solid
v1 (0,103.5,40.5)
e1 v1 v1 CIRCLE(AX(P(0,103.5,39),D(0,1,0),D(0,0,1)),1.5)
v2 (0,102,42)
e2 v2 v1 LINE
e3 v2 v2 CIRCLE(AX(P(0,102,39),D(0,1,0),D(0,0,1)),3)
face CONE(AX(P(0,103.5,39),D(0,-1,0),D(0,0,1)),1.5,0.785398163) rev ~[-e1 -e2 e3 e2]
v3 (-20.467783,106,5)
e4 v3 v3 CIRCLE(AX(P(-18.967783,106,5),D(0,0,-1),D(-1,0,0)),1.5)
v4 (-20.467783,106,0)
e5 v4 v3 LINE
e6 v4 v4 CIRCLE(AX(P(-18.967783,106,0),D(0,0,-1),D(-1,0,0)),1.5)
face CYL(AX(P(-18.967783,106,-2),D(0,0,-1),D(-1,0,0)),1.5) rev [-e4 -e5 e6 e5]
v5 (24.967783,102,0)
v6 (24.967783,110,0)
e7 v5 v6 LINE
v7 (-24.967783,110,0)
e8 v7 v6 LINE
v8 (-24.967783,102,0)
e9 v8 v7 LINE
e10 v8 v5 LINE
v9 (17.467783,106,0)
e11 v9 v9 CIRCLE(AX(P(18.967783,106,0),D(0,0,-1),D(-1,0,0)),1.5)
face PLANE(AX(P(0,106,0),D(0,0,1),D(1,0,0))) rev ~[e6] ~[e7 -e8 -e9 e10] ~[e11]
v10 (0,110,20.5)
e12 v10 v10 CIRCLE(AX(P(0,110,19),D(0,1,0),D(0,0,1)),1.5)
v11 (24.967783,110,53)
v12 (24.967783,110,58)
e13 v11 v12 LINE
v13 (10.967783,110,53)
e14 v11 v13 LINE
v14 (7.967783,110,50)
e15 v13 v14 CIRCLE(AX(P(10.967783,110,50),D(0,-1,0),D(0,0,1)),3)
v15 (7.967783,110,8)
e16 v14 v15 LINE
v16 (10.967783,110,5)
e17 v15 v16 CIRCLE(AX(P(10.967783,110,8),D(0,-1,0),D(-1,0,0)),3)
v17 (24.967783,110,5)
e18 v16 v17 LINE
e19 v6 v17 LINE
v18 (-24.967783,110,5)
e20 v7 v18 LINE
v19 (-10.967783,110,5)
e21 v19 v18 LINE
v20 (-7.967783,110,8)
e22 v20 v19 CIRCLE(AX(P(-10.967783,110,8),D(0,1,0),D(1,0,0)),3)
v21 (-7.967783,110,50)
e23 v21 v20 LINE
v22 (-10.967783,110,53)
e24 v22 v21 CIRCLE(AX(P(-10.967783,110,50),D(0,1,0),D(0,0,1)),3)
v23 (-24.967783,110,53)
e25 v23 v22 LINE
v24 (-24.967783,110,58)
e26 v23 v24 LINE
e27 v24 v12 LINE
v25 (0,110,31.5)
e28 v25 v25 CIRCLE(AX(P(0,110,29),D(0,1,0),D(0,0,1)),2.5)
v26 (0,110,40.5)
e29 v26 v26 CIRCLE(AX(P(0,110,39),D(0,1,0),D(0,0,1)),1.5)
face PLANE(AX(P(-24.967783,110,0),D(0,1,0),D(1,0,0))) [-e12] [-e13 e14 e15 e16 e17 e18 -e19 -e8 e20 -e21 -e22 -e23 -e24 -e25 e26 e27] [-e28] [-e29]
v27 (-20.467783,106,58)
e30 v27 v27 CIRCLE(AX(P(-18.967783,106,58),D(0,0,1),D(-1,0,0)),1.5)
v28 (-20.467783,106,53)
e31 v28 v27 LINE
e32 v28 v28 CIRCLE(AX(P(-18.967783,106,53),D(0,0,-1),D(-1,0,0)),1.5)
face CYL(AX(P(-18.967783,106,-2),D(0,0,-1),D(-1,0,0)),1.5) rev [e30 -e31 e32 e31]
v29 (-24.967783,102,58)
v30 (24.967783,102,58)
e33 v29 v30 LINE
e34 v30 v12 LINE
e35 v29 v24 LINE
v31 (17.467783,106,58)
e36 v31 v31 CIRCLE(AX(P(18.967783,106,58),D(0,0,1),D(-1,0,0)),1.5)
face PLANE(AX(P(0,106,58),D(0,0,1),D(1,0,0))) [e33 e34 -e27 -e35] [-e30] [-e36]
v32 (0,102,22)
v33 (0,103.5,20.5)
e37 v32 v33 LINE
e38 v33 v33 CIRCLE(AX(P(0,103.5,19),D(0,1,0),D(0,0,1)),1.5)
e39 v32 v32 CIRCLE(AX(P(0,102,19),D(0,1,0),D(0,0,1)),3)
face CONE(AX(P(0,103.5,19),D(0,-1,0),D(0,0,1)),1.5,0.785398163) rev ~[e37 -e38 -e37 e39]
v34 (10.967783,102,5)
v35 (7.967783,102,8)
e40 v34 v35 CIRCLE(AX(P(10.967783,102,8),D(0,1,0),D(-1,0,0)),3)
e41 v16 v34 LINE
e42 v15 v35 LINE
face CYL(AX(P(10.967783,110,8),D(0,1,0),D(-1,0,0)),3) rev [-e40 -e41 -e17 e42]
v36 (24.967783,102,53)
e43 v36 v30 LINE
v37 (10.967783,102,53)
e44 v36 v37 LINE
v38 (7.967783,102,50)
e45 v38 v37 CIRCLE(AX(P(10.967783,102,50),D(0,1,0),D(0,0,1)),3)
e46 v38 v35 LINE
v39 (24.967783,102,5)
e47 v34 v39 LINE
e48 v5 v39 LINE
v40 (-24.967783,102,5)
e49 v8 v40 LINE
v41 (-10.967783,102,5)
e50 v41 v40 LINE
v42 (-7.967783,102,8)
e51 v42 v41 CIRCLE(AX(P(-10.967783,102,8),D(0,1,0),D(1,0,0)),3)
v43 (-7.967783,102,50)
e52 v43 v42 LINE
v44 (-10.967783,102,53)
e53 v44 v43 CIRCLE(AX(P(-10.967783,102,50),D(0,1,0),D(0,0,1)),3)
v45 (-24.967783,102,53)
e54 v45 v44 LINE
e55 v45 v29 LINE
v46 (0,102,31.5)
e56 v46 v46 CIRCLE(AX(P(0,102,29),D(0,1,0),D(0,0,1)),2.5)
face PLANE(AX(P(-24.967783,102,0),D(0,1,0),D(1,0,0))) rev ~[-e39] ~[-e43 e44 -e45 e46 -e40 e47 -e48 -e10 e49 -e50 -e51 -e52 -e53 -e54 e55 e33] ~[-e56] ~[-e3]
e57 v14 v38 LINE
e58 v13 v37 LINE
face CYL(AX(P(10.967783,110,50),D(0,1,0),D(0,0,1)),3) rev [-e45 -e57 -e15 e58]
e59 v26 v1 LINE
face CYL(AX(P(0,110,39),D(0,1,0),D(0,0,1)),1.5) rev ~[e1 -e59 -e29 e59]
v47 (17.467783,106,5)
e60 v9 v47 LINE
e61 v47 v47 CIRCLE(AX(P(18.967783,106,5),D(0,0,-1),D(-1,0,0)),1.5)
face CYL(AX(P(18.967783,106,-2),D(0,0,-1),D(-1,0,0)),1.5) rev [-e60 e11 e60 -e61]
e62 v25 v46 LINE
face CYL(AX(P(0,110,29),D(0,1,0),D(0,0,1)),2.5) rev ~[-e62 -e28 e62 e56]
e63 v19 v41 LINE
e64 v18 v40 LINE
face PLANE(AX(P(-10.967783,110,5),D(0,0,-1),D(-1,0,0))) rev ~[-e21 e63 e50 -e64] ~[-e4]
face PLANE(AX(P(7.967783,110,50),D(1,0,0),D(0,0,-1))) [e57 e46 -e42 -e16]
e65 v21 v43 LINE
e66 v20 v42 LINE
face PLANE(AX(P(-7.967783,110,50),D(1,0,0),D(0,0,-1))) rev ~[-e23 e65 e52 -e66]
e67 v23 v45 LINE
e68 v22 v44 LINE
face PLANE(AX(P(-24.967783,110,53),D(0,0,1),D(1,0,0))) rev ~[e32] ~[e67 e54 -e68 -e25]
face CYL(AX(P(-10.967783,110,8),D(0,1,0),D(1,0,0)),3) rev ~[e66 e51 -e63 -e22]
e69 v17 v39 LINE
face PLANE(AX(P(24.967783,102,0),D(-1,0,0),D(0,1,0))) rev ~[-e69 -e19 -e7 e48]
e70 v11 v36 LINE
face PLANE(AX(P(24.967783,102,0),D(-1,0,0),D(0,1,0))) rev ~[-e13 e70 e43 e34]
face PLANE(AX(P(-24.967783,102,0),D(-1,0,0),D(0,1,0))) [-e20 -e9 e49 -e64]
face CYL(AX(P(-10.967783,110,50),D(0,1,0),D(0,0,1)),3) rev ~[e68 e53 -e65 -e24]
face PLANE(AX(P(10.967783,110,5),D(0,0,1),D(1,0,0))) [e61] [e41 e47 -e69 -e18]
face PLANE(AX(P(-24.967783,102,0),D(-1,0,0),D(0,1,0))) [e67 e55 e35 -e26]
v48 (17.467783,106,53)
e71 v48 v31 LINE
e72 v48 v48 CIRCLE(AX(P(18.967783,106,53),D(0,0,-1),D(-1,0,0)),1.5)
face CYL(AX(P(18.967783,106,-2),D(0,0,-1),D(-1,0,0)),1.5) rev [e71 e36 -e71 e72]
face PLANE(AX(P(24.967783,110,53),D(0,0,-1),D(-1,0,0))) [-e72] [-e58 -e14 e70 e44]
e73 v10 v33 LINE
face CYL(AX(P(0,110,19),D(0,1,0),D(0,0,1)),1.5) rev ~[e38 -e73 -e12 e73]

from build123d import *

# Parameters (mm, degrees)
SKETCH_1_W               = 49.93556627
SKETCH_1_H               = 8
EXTRUDE_1_DEPTH          = 58
SKETCH_2_R               = 2.5
SKETCH_2_R_2             = 1.5
CUT_EXTRUDE_1_DEPTH      = 10
CUT_EXTRUDE_2_DEPTH      = 53
CUT_EXTRUDE_2_DEPTH_BACK = 7
SKETCH_3_R               = 1.5
CHAMFER_1_SIZE           = 1.5


with BuildPart() as part:
    # 草图1 → 凸台-拉伸1 (new body)
    with BuildSketch(Plane.XY):
        with Locations((0, 106)):
            Rectangle(SKETCH_1_W, SKETCH_1_H)
    extrude(amount=EXTRUDE_1_DEPTH)

    # 草图2 → 切除-拉伸1 (cut)
    with BuildSketch(Plane(origin=(0, 110, 0), x_dir=(1, 0, 0), z_dir=(0, 1, 0))):
        with Locations(Location((0, -29, 0), (0, 0, 270))):
            Circle(SKETCH_2_R)
        with Locations(Location((0, -39, 0), (0, 0, 270))):
            Circle(SKETCH_2_R_2)
        with Locations(Location((0, -19, 0), (0, 0, 270))):
            Circle(SKETCH_2_R_2)
        with BuildLine():
            Line((24.967783135, -53), (10.967783135, -53))
            ThreePointArc((10.967783135, -53), (8.846462792, -52.121320344), (7.967783135, -50))
            Line((7.967783135, -50), (7.967783135, -8))
            ThreePointArc((7.967783135, -8), (8.846462792, -5.878679656), (10.967783135, -5))
            Line((10.967783135, -5), (24.967783135, -5))
            Line((24.967783135, -5), (24.967783135, -53))
        make_face()
        with BuildLine():
            Line((-7.967783135, -50), (-7.967783135, -8))
            ThreePointArc((-7.967783135, -8), (-8.846462792, -5.878679656), (-10.967783135, -5))
            Line((-10.967783135, -5), (-24.967783135, -5))
            Line((-24.967783135, -5), (-24.967783135, -53))
            Line((-24.967783135, -53), (-10.967783135, -53))
            ThreePointArc((-10.967783135, -53), (-8.846462792, -52.121320344), (-7.967783135, -50))
        make_face()
    extrude(amount=-CUT_EXTRUDE_1_DEPTH, mode=Mode.SUBTRACT)

    # 草图3 → 切除-拉伸2 (cut, two sides: drawn at the far end of the back side and taken through both)
    with BuildSketch(Plane.XY.offset(5).offset(-CUT_EXTRUDE_2_DEPTH_BACK)):
        with Locations(Location((18.967783135, 106, 0), (0, 0, 180))):
            Circle(SKETCH_3_R)
        with Locations(Location((-18.967783135, 106, 0), (0, 0, 180))):
            Circle(SKETCH_3_R)
    extrude(amount=CUT_EXTRUDE_2_DEPTH + CUT_EXTRUDE_2_DEPTH_BACK, mode=Mode.SUBTRACT)

    # 倒角1
    chamfer_1_edges = [part.edges().sort_by_distance(p)[0] for p in [
        (0, 102, 17.5),
        (0, 102, 37.5),
    ]]
    chamfer(chamfer_1_edges, length=CHAMFER_1_SIZE)


solid = part.part
